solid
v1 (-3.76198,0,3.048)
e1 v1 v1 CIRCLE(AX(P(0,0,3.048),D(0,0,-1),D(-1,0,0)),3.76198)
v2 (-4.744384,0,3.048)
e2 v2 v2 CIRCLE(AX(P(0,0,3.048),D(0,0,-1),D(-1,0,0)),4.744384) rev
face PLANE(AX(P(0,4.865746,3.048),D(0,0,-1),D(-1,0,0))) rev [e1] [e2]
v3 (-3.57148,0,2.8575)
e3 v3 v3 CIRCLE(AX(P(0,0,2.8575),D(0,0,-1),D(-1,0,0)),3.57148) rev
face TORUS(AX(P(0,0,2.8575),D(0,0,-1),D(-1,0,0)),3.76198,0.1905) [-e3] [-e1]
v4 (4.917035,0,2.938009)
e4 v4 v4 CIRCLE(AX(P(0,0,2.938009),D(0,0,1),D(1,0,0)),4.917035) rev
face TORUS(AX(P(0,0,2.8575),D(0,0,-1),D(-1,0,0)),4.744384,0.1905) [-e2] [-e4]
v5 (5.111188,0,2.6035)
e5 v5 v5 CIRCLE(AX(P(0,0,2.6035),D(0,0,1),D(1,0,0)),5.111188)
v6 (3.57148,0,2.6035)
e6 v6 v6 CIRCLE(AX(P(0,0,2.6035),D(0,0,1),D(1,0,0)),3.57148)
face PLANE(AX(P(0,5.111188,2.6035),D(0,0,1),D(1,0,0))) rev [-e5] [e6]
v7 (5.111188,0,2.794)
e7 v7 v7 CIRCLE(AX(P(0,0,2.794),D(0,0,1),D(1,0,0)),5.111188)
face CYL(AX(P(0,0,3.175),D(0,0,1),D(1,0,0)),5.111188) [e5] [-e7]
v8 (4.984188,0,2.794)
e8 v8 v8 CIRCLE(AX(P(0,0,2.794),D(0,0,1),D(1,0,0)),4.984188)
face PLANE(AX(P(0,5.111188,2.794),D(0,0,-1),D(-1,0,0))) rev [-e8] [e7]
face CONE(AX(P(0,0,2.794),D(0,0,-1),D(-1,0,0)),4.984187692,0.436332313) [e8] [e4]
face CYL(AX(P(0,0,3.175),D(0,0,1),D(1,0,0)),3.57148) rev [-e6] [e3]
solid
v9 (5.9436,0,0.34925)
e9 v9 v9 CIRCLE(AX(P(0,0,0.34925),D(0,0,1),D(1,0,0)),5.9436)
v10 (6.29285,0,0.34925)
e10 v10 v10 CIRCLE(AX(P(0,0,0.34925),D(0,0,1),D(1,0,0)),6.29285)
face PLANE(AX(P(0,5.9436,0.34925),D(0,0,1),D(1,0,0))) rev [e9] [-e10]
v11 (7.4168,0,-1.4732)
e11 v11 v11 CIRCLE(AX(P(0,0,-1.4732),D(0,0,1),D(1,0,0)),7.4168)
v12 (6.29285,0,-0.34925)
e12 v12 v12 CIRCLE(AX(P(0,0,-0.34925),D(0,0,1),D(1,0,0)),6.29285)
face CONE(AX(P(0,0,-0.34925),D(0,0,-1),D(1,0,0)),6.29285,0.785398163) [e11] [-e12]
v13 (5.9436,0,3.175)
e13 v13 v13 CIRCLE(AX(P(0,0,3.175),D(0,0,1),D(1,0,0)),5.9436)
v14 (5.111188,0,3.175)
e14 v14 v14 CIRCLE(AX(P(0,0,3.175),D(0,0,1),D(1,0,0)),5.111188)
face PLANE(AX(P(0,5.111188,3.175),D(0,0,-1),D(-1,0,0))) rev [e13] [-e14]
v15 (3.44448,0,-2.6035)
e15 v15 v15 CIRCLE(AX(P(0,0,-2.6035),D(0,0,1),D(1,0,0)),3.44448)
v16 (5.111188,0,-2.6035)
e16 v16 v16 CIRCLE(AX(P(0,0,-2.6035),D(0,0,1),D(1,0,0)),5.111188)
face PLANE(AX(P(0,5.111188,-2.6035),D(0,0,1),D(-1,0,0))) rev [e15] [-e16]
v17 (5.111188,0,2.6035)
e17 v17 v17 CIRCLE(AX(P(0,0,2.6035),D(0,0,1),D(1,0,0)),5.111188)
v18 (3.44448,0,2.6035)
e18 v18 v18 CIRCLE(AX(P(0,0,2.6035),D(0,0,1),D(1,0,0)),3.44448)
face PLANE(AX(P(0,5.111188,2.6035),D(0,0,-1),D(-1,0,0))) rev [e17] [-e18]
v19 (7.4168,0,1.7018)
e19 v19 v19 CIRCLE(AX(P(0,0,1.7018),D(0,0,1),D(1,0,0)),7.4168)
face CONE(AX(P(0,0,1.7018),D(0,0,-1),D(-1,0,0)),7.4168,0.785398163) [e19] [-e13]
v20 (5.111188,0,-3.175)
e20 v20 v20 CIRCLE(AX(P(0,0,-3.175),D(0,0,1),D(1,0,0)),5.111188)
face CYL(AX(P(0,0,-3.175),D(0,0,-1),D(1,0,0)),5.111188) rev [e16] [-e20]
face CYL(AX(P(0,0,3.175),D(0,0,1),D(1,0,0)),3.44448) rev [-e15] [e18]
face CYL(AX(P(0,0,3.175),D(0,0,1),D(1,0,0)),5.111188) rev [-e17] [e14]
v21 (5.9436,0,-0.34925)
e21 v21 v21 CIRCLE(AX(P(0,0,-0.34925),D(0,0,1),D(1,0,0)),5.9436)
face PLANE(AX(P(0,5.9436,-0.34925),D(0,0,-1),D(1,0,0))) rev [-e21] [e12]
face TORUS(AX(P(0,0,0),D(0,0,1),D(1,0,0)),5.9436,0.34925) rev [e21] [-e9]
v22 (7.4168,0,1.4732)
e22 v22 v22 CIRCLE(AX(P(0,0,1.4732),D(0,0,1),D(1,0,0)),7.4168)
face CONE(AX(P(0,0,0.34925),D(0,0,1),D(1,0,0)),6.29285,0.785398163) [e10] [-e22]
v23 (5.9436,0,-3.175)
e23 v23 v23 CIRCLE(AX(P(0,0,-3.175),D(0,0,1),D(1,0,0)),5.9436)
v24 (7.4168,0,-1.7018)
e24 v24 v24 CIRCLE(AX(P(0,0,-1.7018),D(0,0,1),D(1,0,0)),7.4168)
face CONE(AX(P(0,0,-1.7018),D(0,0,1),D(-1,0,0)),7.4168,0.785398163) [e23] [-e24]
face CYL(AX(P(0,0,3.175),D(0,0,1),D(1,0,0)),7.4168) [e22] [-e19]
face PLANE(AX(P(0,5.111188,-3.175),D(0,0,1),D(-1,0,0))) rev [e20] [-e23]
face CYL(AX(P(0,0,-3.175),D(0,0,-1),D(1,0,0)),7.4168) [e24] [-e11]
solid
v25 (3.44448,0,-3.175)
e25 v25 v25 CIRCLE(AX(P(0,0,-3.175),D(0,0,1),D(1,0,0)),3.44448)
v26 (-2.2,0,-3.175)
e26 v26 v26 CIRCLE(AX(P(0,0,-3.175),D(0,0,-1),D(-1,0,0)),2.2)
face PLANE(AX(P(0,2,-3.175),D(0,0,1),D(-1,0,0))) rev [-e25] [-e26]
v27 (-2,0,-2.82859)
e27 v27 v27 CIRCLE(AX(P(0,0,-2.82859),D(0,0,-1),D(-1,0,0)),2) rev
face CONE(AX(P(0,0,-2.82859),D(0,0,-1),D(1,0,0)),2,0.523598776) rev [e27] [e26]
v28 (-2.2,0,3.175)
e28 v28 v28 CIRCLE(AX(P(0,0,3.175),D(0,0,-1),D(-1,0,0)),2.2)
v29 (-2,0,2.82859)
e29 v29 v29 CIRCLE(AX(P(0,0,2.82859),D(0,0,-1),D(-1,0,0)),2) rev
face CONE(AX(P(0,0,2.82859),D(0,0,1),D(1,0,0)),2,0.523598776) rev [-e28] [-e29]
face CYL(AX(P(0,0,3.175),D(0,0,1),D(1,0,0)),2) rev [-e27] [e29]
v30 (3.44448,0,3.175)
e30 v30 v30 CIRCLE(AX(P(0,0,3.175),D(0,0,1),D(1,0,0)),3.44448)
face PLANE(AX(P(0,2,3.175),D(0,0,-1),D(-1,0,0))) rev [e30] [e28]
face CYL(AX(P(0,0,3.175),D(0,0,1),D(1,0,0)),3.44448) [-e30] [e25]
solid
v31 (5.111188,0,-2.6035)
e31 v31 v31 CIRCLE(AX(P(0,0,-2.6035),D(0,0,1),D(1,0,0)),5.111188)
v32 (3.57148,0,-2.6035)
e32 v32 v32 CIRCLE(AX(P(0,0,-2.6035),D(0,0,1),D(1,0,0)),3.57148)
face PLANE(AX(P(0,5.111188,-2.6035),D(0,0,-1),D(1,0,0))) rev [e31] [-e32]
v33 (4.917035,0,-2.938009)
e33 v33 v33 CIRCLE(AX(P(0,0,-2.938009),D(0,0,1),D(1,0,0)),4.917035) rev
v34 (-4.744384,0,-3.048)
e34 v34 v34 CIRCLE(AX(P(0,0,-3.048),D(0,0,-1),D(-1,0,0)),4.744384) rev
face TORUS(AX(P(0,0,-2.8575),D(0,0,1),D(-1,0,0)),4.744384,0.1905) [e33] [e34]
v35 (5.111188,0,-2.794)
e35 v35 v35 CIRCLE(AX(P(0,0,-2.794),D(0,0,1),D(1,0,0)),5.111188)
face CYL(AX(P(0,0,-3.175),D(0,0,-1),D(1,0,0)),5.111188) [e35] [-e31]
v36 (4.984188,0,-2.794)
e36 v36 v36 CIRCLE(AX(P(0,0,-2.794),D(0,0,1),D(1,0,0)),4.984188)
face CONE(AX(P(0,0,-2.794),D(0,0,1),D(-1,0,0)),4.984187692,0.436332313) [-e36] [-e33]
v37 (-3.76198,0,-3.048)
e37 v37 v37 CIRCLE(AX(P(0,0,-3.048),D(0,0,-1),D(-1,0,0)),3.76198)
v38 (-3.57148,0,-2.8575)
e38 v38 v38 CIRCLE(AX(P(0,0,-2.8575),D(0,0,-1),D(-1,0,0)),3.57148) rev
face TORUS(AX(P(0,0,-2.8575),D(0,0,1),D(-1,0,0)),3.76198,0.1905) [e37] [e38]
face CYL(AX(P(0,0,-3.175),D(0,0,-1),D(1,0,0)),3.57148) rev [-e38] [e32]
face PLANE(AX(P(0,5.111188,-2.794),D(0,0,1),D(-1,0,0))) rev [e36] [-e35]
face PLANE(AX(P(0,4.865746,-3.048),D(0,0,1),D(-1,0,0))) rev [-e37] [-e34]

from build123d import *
from build123d.topology import SkipClean

# Parameters (mm, degrees)
SKETCH3_W      = 3.175
SKETCH3_H      = 1.44448
CHAMFER1_SIZE  = 0.2
CHAMFER1_SIZE2 = 0.346410162
FILLET1_R      = 0.1905


with BuildPart() as part:
    # Sketch3 → Revolve1 (revolve)
    with BuildSketch(Plane(origin=(0, 0, 0), x_dir=(0, 0, -1), z_dir=(1, 0, 0)), mode=Mode.PRIVATE) as revolve1_sk:
        with Locations((-1.5875, 2.72224)):
            Rectangle(SKETCH3_W, SKETCH3_H)
    revolve(revolve1_sk.sketch.rotate(Axis((0, 0, 3.175), (0, 0, -1)), 90), axis=Axis((0, 0, 3.175), (0, 0, -1)))

    # Chamfer1
    chamfer1_edges = [part.edges().sort_by_distance(p)[0] for p in [
        (-2, 0, 3.175),
    ]]
    chamfer1_side = [part.faces().sort_by_distance(p)[0] for p in [
        (-2.097424607, 0, 3.175),
    ]]
    chamfer(chamfer1_edges, length=CHAMFER1_SIZE, length2=CHAMFER1_SIZE2, reference=chamfer1_side[0])

    # Mirror1: part across plane


with BuildPart() as body_2:
    # Sketch4 → Revolve2 (revolve)
    with BuildSketch(Plane(origin=(0, 0, 0), x_dir=(0, 0, -1), z_dir=(1, 0, 0)), mode=Mode.PRIVATE) as revolve2_sk:
        with BuildLine():
            Line((0, 5.59435), (0, 3.44448))
            Line((0, 3.44448), (-2.6035, 3.44448))
            Line((-2.6035, 3.44448), (-2.6035, 5.111187692))
            Line((-2.6035, 5.111187692), (-3.175, 5.111187692))
            Line((-3.175, 5.111187692), (-3.175, 5.9436))
            Line((-3.175, 5.9436), (-1.7018, 7.4168))
            Line((-1.7018, 7.4168), (-1.4732, 7.4168))
            Line((-1.4732, 7.4168), (-0.34925, 6.29285))
            Line((-0.34925, 6.29285), (-0.34925, 5.9436))
            ThreePointArc((-0.34925, 5.9436), (-0.246957043, 5.696642957), (0, 5.59435))
        make_face()
    revolve(revolve2_sk.sketch.rotate(Axis((0, 0, 3.175), (0, 0, -1)), 90), axis=Axis((0, 0, 3.175), (0, 0, -1)))

    # Mirror1 2: body 2 across plane


with BuildPart() as body_3:
    # Sketch5 → Revolve3 (revolve)
    with BuildSketch(Plane(origin=(0, 0, 0), x_dir=(0, 0, -1), z_dir=(1, 0, 0)), mode=Mode.PRIVATE) as revolve3_sk:
        Polygon((-2.794, 5.111187692), (-2.6035, 5.111187692), (-2.6035, 3.57148), (-3.048, 3.57148), (-3.048, 4.865745547), (-2.794, 4.984187692), align=None)
    revolve(revolve3_sk.sketch.rotate(Axis((0, 0, 3.175), (0, 0, -1)), 90), axis=Axis((0, 0, 3.175), (0, 0, -1)))

    # Fillet1
    fillet1_edges = [body_3.edges().sort_by_distance(p)[0] for p in [
        (-3.57148, 0, 3.048),
        (-4.865745547, 0, 3.048),
    ]]
    fillet(fillet1_edges, radius=FILLET1_R)


with BuildPart() as part_1:
    add(part.part)
    add(part.part.mirror(Plane.XY))


with BuildPart() as body_2_1:
    with SkipClean():  # the faces are left unmerged after this step: merging them gives an invalid solid
        add(body_2.part)
        add(body_2.part.mirror(Plane.XY))


with BuildPart() as body_4:
    # Mirror2: mirrored copy
    add(body_3.part.mirror(Plane.XY))


solid = Compound([body_3.part, part_1.part, body_2_1.part, body_4.part])
